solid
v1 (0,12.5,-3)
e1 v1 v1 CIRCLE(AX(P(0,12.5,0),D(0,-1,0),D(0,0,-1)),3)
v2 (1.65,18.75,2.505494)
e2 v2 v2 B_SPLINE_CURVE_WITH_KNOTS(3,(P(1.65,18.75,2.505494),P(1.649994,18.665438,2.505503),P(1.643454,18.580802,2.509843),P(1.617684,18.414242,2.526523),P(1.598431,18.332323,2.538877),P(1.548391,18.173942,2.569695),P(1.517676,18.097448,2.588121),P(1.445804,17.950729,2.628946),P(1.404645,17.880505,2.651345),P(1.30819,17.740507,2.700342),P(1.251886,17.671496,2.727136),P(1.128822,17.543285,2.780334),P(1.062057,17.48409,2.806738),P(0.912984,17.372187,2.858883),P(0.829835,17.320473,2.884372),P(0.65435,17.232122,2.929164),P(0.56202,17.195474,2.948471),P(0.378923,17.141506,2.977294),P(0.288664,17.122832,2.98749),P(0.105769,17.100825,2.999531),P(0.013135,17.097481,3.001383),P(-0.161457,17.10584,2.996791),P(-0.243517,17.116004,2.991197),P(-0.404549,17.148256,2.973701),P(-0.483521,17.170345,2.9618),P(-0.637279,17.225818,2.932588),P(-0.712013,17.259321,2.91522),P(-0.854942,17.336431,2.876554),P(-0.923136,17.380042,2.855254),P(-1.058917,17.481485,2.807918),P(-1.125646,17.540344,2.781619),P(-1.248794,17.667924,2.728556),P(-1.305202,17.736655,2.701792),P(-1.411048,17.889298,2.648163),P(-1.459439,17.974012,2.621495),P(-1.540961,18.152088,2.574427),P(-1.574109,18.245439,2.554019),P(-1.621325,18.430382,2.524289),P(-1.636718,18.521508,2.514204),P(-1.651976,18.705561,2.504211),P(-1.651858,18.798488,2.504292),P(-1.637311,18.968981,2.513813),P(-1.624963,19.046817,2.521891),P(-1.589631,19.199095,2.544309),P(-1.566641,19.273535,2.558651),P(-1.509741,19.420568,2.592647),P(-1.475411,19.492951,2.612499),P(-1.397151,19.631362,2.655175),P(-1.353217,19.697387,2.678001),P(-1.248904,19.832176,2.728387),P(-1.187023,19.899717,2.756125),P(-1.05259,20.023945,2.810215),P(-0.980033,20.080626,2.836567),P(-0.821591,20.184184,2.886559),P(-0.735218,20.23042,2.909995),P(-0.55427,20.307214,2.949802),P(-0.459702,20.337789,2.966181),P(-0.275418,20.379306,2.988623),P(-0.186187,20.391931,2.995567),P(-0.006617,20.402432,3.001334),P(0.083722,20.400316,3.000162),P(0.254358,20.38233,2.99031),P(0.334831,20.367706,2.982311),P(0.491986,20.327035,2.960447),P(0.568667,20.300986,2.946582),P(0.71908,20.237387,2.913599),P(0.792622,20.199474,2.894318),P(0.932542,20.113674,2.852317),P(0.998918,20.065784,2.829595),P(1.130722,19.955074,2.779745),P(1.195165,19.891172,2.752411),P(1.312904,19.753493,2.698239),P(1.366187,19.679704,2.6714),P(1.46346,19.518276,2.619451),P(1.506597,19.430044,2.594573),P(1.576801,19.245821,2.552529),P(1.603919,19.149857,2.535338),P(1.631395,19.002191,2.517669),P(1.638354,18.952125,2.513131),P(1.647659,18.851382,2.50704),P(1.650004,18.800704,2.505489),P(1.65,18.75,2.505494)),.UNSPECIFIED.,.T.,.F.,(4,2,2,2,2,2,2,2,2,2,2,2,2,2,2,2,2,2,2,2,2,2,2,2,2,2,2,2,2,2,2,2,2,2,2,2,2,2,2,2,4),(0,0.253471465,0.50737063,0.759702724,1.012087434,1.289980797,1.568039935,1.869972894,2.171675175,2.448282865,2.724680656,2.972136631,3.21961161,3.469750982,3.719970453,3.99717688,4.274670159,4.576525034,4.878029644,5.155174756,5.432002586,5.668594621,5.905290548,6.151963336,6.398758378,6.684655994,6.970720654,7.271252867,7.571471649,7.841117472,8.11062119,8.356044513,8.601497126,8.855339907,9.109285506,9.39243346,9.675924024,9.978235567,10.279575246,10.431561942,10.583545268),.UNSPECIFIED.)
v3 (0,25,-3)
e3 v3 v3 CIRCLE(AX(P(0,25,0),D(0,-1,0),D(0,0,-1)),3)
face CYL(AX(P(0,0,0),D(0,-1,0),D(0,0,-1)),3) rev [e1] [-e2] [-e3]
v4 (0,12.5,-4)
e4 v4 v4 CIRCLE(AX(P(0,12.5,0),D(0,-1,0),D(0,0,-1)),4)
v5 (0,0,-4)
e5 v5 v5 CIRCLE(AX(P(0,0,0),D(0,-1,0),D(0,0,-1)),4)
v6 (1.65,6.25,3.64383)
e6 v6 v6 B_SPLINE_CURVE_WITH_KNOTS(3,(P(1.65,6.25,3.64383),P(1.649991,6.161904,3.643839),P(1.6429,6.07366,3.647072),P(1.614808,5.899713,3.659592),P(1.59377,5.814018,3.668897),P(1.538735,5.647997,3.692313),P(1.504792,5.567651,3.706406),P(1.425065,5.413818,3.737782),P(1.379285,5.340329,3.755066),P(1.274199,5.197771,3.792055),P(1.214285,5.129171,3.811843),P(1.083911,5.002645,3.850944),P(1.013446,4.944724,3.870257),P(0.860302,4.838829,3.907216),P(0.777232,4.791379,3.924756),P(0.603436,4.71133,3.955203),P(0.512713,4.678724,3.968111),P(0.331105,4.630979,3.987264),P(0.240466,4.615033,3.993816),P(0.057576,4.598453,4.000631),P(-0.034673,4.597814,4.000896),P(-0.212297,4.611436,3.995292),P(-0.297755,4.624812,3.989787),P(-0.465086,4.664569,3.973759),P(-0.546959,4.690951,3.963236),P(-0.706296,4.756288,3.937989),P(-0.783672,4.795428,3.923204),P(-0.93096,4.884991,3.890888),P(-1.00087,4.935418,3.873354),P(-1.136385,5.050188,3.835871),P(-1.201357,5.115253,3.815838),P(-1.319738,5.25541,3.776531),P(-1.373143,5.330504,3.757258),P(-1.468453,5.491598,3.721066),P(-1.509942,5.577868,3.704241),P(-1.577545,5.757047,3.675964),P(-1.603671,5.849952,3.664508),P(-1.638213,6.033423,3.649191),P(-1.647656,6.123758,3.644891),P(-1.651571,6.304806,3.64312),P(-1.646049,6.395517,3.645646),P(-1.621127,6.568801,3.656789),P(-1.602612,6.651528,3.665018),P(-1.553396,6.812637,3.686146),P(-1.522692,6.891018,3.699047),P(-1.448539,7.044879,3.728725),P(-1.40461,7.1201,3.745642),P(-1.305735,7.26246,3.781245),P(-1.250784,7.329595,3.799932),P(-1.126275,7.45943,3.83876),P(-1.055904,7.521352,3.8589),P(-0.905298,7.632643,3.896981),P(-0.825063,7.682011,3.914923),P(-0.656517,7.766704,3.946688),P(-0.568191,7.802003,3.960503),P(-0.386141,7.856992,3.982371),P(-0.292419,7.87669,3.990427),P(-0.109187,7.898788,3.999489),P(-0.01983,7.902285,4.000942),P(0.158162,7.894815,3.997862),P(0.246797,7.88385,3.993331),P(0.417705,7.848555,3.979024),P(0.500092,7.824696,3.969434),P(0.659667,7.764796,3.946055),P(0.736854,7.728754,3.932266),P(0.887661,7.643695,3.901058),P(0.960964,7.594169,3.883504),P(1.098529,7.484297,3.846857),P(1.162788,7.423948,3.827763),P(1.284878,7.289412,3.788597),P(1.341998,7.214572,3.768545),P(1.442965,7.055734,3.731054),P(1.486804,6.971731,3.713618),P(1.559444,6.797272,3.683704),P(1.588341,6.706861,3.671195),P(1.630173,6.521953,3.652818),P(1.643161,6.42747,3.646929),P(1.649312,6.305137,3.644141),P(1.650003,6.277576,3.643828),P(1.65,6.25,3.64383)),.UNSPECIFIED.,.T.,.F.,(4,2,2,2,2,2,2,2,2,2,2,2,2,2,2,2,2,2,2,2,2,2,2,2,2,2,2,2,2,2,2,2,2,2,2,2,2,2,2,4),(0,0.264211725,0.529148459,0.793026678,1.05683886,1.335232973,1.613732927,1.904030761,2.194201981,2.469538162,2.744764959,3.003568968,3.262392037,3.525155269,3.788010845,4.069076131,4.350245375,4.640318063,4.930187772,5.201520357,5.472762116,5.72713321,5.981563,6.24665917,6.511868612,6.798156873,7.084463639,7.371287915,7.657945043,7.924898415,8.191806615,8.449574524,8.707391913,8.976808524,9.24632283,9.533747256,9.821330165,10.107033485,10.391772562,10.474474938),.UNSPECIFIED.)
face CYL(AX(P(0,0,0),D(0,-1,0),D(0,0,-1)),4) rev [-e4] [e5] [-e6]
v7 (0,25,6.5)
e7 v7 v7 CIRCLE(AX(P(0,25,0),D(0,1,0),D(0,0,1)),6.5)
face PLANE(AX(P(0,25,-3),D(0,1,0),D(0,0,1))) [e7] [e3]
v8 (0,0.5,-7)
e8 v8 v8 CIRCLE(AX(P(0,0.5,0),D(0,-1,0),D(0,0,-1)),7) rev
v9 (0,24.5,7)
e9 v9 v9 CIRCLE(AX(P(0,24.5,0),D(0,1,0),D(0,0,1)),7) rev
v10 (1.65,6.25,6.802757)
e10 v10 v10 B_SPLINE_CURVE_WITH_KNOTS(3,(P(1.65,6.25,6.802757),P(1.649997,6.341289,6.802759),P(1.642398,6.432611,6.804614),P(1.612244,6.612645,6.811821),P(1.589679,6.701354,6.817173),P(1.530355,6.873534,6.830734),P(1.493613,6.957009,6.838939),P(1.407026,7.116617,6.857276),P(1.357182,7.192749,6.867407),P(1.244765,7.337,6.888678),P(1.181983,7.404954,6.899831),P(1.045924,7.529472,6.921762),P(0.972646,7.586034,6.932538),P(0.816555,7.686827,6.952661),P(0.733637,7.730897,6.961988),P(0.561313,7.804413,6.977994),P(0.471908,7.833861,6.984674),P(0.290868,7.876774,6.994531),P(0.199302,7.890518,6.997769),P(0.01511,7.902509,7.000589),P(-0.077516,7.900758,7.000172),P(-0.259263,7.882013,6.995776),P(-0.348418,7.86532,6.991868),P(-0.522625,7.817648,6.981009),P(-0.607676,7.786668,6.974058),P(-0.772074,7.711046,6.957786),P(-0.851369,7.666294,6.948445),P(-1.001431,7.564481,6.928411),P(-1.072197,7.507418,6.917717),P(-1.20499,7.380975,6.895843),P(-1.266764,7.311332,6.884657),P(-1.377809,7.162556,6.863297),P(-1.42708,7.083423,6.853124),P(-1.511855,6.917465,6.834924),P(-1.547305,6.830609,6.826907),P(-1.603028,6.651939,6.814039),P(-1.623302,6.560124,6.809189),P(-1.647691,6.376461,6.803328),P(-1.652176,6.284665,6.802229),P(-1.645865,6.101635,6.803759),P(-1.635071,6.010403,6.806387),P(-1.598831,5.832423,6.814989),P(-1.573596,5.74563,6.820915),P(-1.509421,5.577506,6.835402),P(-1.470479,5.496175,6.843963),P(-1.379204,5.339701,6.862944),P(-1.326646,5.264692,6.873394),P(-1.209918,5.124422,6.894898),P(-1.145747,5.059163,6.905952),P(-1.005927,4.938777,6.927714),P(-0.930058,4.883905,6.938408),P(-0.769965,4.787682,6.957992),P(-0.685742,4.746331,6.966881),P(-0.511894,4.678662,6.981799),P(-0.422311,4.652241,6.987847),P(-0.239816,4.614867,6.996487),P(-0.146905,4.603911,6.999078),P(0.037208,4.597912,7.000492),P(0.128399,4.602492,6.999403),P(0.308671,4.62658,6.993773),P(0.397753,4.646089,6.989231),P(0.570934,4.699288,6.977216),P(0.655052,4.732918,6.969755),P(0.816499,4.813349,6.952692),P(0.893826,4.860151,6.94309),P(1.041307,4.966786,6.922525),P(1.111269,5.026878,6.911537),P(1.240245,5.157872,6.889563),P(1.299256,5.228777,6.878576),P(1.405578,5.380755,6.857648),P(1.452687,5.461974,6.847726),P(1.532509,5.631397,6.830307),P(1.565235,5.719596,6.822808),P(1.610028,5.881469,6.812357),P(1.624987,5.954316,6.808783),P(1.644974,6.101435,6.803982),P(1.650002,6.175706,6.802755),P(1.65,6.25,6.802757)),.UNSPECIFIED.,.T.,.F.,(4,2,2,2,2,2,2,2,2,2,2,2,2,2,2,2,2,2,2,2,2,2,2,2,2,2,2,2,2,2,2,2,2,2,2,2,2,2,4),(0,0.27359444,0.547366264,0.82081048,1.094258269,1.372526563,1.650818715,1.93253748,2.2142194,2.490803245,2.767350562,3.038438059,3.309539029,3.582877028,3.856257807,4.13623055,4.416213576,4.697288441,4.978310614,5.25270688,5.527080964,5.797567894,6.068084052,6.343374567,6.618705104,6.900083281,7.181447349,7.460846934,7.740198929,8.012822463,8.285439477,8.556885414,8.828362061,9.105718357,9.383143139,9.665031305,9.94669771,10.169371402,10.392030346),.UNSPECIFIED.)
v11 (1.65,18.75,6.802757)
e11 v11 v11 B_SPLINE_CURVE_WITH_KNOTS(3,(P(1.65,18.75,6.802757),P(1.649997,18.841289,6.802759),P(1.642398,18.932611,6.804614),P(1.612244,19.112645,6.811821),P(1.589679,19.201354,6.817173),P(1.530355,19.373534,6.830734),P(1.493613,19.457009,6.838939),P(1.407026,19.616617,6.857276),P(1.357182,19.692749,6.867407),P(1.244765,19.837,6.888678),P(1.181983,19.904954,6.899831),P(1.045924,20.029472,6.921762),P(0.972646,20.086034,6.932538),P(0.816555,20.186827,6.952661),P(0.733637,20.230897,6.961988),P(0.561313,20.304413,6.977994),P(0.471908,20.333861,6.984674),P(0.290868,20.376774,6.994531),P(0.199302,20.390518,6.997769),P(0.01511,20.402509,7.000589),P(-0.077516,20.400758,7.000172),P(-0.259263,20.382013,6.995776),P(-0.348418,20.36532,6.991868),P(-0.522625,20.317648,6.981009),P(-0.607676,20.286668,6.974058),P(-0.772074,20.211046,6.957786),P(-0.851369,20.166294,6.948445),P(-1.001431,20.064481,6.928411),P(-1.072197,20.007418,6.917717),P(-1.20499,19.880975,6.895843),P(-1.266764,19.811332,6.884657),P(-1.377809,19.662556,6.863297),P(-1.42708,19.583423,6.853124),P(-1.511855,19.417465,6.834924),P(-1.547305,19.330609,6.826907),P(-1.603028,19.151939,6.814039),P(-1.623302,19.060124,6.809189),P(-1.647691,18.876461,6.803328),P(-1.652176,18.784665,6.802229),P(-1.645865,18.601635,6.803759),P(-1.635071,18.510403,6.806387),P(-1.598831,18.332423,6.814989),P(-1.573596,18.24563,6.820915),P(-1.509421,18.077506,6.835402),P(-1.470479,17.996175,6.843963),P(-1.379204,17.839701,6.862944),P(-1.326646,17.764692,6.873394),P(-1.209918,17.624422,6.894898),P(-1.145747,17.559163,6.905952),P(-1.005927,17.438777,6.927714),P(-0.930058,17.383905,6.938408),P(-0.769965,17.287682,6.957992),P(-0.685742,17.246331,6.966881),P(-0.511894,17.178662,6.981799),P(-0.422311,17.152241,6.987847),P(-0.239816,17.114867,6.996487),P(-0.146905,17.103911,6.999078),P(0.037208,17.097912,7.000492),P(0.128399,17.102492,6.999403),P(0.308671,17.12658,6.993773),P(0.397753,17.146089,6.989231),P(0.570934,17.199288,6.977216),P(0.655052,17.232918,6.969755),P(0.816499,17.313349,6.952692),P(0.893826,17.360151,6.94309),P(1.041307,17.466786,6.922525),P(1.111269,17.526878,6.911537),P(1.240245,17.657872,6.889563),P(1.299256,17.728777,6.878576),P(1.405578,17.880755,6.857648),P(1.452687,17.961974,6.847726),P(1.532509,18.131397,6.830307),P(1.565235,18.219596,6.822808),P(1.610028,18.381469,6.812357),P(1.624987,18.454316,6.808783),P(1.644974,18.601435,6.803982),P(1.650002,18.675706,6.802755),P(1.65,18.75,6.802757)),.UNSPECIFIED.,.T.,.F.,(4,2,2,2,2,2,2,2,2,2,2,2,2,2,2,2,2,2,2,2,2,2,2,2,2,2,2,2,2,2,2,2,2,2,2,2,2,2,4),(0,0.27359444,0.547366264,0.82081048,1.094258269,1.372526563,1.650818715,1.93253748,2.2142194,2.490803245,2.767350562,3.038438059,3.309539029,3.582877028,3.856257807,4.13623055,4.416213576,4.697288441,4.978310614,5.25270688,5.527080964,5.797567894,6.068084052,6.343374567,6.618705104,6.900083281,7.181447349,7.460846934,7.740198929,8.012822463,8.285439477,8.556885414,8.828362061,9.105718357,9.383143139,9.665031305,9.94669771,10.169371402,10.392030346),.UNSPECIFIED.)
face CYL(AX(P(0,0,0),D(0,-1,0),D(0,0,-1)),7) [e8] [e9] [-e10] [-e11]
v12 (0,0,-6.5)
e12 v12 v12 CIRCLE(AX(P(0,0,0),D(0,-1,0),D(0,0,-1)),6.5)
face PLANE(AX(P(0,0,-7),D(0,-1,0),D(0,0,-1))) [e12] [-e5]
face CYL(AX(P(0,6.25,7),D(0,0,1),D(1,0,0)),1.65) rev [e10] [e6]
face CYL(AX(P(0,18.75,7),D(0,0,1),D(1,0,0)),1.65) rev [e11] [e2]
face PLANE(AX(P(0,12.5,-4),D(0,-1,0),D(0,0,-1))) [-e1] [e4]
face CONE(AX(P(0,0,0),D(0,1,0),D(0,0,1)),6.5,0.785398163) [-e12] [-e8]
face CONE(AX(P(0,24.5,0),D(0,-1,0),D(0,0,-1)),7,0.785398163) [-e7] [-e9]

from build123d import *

# Parameters (mm, degrees)
CHAMFER1_SIZE          = 0.5
M4_TAPPED_HOLE1_REACH  = 31.496
M4_TAPPED_HOLE1_BORE_R = 1.65


with BuildPart() as part:
    # Sketch2 → Revolve1 (revolve)
    with BuildSketch(Plane(origin=(0, 0, 0), x_dir=(0, 0, -1), z_dir=(1, 0, 0))):
        Polygon((4, 0), (4, 12.5), (3, 12.5), (3, 25), (7, 25), (7, 0), align=None)
    revolve(axis=Axis((0, 0, 0), (0, 1, 0)))

    # Chamfer1
    chamfer1_edges = [part.edges().sort_by_distance(p)[0] for p in [
        (0, 0, 7),
        (0, 25, 7),
    ]]
    chamfer(chamfer1_edges, length=CHAMFER1_SIZE)

    # M4 Tapped Hole1 bore → M4 Tapped Hole1 (cut, up to next)
    with BuildSketch(Plane.XY.offset(7), mode=Mode.PRIVATE) as m4_tapped_hole1_sk1:
        with Locations((0, 18.75)):
            Circle(M4_TAPPED_HOLE1_BORE_R)
    m4_tapped_hole1_tool1 = extrude(m4_tapped_hole1_sk1.sketch, amount=-M4_TAPPED_HOLE1_REACH, mode=Mode.PRIVATE) & part.part
    # M4 Tapped Hole1 bore → M4 Tapped Hole1 (cut, up to next)
    with BuildSketch(Plane.XY.offset(7), mode=Mode.PRIVATE) as m4_tapped_hole1_sk2:
        with Locations((0, 6.25)):
            Circle(M4_TAPPED_HOLE1_BORE_R)
    m4_tapped_hole1_tool2 = extrude(m4_tapped_hole1_sk2.sketch, amount=-M4_TAPPED_HOLE1_REACH, mode=Mode.PRIVATE) & part.part
    add(m4_tapped_hole1_tool1.solids().sort_by_distance((0, 18.75, 7))[0], mode=Mode.SUBTRACT)
    add(m4_tapped_hole1_tool2.solids().sort_by_distance((0, 6.25, 7))[0], mode=Mode.SUBTRACT)


solid = part.part
